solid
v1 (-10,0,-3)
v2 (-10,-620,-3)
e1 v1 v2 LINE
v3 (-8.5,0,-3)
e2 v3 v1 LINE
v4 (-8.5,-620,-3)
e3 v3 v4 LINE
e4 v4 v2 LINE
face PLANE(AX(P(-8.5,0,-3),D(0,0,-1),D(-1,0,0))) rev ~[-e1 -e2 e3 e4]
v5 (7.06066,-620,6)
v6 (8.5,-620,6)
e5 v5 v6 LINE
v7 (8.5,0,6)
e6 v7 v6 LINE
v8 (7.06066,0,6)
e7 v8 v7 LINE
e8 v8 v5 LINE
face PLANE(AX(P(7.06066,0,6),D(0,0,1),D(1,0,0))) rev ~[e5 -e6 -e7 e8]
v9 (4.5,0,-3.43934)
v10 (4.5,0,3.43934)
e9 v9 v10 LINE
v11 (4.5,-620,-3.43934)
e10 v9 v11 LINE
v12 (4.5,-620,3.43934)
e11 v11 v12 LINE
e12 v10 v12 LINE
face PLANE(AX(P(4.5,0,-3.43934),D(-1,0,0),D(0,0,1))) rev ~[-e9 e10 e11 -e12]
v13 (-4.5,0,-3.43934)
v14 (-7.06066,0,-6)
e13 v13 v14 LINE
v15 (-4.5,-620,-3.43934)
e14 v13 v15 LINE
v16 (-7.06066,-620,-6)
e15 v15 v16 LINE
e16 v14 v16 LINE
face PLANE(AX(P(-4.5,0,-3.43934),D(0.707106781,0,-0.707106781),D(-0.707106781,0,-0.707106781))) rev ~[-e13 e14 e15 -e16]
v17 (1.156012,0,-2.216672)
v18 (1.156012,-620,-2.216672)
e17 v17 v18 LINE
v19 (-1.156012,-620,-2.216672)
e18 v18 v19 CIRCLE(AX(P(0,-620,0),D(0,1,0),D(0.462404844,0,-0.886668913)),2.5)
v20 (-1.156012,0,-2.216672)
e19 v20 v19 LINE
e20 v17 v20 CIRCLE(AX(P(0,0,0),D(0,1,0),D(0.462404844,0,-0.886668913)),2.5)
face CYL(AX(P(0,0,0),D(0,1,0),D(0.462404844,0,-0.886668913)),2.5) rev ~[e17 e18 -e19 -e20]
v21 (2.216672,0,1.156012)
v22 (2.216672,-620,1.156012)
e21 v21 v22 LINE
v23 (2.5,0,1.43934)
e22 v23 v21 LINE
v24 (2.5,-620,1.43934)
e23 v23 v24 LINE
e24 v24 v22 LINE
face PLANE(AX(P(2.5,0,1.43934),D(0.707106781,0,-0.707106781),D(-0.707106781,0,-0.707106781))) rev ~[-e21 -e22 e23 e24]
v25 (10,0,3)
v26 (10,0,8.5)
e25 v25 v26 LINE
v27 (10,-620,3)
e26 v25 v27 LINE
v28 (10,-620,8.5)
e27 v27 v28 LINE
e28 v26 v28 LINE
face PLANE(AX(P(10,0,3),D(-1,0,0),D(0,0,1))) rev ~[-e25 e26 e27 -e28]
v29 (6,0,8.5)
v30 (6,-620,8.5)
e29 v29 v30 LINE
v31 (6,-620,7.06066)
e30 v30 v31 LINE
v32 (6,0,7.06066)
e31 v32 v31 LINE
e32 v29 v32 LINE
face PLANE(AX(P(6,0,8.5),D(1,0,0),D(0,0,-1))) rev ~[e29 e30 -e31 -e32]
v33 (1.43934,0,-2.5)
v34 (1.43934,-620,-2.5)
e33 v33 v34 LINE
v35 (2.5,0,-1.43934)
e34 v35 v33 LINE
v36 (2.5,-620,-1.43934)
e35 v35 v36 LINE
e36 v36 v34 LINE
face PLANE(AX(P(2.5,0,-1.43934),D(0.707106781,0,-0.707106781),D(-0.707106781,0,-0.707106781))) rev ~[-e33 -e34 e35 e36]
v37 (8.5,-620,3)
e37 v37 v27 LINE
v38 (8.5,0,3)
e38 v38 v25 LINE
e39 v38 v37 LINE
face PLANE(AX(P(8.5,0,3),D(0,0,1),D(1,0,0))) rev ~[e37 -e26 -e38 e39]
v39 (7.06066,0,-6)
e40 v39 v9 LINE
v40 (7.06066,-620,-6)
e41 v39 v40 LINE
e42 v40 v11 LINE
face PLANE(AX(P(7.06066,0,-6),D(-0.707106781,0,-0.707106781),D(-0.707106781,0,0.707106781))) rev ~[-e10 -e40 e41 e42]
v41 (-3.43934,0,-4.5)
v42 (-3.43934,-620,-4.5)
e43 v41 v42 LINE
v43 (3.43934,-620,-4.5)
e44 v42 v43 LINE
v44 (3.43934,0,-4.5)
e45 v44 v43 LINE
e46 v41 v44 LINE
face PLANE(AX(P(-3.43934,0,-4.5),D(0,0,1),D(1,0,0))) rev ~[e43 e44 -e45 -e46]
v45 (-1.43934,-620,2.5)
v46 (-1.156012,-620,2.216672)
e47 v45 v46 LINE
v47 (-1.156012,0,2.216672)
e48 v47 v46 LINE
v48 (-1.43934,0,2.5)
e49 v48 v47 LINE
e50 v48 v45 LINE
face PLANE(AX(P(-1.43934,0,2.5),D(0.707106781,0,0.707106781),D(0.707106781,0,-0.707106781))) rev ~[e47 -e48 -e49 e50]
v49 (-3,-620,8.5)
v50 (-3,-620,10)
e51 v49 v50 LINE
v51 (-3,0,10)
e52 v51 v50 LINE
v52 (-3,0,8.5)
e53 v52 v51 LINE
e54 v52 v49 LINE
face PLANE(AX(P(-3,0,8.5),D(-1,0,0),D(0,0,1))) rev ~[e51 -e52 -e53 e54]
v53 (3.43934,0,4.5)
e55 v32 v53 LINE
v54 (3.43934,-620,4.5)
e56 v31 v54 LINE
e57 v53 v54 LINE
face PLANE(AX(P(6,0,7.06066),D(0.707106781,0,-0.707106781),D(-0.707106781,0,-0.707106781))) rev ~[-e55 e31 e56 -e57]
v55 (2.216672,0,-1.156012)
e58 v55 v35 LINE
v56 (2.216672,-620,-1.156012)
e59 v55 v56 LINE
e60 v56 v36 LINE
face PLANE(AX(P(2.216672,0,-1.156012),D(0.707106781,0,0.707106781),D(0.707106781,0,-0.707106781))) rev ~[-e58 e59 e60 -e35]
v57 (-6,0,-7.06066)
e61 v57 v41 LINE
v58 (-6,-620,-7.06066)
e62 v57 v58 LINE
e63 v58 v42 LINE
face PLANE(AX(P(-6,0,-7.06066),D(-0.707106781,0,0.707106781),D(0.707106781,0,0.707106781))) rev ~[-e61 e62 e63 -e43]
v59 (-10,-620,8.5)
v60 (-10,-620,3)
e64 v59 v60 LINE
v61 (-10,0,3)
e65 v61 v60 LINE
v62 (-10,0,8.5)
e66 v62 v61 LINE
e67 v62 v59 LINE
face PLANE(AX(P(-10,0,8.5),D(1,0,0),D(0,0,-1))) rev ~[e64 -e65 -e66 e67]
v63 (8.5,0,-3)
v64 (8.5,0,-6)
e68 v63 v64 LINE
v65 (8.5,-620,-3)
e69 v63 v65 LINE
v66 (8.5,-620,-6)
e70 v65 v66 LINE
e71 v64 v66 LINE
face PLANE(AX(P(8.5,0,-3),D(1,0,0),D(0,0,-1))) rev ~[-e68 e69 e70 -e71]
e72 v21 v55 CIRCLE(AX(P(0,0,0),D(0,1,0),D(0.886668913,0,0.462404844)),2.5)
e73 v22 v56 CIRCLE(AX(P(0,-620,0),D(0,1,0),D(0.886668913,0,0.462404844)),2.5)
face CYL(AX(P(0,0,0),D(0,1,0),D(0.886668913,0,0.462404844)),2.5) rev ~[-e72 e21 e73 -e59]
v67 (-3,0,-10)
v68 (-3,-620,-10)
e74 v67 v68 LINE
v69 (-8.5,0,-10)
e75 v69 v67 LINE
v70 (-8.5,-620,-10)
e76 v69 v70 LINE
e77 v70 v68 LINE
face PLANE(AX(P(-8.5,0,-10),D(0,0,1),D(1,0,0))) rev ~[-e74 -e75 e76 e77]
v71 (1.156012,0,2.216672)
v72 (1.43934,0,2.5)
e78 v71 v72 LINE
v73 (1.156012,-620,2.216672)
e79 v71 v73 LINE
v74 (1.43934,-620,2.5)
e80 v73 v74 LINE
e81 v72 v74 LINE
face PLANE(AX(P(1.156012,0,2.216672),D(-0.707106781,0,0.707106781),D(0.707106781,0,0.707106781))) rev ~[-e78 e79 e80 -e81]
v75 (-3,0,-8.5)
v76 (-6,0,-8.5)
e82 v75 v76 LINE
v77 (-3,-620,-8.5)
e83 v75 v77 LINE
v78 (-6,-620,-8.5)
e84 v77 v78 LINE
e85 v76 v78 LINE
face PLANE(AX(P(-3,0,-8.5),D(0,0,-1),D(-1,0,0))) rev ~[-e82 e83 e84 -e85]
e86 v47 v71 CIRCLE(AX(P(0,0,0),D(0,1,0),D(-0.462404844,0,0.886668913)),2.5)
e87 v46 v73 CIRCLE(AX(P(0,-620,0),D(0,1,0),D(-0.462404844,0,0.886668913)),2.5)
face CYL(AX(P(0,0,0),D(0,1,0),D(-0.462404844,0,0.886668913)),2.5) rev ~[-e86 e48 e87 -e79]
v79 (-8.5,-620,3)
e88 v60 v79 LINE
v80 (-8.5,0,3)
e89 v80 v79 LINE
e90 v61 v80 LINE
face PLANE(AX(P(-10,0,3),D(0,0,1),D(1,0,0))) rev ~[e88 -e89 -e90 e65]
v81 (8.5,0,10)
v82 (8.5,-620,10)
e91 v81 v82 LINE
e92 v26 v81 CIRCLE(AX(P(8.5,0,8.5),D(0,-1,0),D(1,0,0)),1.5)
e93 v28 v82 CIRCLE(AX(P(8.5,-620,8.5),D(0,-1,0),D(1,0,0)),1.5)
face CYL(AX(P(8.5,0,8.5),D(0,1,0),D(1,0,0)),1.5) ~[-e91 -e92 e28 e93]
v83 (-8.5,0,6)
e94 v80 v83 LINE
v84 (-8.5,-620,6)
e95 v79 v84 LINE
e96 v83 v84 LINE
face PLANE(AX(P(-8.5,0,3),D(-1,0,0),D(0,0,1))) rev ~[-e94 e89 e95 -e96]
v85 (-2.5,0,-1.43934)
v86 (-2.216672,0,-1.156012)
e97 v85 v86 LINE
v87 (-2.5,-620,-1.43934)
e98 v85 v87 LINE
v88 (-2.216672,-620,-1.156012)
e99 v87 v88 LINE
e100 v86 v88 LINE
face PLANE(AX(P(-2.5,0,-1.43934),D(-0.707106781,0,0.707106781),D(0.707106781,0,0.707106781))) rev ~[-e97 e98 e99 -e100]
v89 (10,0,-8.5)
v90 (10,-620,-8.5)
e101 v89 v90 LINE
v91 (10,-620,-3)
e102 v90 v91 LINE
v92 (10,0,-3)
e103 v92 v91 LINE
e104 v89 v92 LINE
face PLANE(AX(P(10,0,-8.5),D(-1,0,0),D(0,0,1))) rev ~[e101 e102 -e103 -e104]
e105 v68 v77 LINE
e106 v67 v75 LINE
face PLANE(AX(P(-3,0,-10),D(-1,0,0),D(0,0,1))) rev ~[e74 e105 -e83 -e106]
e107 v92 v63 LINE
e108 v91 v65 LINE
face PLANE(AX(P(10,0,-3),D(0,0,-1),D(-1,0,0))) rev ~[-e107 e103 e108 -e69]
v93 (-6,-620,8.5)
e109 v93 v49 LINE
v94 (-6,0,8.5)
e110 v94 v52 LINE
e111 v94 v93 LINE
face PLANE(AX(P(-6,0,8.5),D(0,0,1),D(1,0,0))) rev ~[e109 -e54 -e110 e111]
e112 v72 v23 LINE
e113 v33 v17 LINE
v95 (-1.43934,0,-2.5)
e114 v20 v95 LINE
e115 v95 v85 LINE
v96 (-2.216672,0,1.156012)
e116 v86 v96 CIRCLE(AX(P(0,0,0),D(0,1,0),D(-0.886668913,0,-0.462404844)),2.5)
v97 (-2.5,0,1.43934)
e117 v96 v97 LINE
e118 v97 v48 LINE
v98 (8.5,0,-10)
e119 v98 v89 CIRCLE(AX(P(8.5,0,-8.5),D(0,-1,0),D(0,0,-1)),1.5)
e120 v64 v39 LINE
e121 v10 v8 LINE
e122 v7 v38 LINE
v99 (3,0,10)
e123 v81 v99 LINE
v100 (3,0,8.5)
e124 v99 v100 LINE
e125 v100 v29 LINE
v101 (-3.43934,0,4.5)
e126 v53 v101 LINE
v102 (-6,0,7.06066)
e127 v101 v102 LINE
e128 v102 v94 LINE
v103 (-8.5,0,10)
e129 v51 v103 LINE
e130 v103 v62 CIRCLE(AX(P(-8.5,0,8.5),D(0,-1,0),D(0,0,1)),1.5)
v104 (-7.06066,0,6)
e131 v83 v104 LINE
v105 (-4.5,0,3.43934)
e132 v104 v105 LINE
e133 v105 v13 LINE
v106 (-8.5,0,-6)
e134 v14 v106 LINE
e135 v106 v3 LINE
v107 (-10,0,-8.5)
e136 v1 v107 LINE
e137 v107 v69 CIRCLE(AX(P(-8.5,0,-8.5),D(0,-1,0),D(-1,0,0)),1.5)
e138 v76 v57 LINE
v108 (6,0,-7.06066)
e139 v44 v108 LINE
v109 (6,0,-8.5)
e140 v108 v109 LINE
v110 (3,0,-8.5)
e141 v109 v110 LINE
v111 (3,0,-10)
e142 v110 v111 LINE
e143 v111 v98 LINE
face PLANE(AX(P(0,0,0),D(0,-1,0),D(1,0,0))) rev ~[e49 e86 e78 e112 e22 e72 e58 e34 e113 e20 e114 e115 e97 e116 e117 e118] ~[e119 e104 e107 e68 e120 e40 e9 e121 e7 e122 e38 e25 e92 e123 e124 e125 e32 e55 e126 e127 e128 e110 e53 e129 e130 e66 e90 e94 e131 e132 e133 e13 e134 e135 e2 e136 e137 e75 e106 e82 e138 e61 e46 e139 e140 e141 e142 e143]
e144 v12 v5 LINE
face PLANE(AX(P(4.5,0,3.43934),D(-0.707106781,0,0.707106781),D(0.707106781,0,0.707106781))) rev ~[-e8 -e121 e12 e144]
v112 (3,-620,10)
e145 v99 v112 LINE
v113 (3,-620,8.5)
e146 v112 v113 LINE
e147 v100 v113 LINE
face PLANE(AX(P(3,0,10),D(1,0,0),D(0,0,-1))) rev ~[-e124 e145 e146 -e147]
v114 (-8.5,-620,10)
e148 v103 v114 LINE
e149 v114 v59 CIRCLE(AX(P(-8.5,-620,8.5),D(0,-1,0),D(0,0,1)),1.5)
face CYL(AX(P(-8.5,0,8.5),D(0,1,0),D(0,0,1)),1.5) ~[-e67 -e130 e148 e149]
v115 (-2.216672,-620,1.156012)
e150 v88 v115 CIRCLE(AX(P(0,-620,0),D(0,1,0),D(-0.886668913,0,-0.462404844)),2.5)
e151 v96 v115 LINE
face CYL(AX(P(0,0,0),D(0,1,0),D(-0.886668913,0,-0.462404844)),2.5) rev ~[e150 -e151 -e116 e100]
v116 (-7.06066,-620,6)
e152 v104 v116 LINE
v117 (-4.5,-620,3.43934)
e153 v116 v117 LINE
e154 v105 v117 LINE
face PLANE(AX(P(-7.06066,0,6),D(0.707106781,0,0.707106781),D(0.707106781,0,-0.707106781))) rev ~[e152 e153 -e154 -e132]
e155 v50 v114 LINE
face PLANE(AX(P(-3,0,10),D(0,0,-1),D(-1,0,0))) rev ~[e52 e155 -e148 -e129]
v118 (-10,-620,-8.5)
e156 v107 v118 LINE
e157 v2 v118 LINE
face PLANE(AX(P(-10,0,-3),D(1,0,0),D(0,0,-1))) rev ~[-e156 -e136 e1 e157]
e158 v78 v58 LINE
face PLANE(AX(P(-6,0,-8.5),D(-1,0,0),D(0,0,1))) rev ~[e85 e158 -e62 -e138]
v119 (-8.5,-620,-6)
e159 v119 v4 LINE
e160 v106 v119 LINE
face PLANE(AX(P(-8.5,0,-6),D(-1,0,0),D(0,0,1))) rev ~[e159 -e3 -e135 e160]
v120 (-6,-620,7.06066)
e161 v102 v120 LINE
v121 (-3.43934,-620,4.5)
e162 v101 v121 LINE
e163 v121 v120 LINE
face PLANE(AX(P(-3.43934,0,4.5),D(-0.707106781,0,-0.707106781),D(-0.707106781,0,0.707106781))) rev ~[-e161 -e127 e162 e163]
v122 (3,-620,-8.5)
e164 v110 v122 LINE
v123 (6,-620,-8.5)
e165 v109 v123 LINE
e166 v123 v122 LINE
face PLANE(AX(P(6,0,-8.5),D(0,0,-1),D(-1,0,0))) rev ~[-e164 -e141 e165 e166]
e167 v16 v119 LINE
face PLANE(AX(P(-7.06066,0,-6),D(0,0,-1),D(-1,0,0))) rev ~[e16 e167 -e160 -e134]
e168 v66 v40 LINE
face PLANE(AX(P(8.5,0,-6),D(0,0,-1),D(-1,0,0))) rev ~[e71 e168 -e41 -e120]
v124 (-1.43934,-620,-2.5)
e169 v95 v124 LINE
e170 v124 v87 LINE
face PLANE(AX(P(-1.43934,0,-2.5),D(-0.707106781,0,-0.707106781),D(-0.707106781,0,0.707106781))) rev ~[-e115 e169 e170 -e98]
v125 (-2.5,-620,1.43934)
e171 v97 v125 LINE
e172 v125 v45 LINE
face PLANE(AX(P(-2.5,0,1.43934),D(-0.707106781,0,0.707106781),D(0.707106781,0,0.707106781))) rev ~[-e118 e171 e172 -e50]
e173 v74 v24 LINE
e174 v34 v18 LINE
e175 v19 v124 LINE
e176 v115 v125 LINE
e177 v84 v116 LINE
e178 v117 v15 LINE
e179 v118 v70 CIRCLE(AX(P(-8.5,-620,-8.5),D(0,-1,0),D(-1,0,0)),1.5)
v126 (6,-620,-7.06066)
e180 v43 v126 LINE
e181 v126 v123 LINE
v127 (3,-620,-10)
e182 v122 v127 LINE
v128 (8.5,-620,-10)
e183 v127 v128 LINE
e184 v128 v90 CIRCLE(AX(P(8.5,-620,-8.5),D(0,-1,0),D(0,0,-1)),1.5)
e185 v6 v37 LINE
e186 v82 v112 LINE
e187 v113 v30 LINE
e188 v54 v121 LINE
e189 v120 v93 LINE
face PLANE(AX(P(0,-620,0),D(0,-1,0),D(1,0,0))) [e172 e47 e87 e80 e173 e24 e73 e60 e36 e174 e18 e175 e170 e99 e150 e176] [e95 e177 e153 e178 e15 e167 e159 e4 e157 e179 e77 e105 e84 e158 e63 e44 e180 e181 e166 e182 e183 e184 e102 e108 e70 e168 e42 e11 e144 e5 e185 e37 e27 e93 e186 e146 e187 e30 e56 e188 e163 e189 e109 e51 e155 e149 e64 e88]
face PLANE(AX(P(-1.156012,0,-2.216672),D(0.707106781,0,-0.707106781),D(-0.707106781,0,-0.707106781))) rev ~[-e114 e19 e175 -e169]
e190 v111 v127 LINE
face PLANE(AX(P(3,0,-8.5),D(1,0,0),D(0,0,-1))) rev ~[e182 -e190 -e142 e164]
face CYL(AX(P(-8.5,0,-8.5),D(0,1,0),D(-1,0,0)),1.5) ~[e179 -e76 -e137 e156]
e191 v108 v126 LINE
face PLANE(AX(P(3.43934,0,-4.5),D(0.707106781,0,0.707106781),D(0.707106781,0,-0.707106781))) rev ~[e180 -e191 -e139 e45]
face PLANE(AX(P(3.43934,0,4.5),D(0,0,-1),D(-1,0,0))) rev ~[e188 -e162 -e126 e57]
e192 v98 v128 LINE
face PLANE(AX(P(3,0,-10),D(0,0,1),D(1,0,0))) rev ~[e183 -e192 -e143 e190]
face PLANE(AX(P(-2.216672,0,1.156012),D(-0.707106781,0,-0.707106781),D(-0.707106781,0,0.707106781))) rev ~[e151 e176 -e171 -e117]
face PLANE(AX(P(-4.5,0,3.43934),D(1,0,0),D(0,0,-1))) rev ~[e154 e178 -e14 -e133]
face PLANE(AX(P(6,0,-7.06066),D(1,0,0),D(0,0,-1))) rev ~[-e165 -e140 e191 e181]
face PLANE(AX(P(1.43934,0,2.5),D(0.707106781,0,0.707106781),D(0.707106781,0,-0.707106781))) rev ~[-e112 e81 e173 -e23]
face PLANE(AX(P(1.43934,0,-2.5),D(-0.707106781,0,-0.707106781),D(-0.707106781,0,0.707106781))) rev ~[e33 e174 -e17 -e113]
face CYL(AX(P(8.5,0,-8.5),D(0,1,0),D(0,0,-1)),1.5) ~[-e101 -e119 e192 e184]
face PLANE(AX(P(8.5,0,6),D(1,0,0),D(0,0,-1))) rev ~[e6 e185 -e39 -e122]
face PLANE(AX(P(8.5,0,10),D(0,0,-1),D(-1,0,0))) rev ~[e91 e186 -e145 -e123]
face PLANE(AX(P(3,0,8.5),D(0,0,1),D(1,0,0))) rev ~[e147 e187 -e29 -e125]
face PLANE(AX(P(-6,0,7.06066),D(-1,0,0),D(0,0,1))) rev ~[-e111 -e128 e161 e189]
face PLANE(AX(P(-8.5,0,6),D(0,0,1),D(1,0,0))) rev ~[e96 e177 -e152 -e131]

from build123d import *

# Parameters (mm, degrees)
F1_DEPTH = 620


with BuildPart() as f1:
    # F0 (on Front) → F1 (new body)
    with BuildSketch(Plane.XZ):
        with BuildLine():
            Line((3, -10), (8.5, -10))
            ThreePointArc((8.5, -10), (9.5606601718, -9.5606601718), (10, -8.5))
            Line((10, -8.5), (10, -3))
            Line((10, -3), (8.5, -3))
            Line((8.5, -3), (8.5, -6))
            Line((8.5, -6), (7.0606601718, -6))
            Line((7.0606601718, -6), (4.5, -3.4393398282))
            Line((4.5, -3.4393398282), (4.5, 3.4393398282))
            Line((4.5, 3.4393398282), (7.0606601718, 6))
            Line((7.0606601718, 6), (8.5, 6))
            Line((8.5, 6), (8.5, 3))
            Line((8.5, 3), (10, 3))
            Line((10, 3), (10, 8.5))
            ThreePointArc((10, 8.5), (9.5606601718, 9.5606601718), (8.5, 10))
            Line((8.5, 10), (3, 10))
            Line((3, 10), (3, 8.5))
            Line((3, 8.5), (6, 8.5))
            Line((6, 8.5), (6, 7.0606601718))
            Line((6, 7.0606601718), (3.4393398282, 4.5))
            Line((3.4393398282, 4.5), (-3.4393398282, 4.5))
            Line((-3.4393398282, 4.5), (-6, 7.0606601718))
            Line((-6, 7.0606601718), (-6, 8.5))
            Line((-6, 8.5), (-3, 8.5))
            Line((-3, 8.5), (-3, 10))
            Line((-3, 10), (-8.5, 10))
            ThreePointArc((-8.5, 10), (-9.5606601718, 9.5606601718), (-10, 8.5))
            Line((-10, 8.5), (-10, 3))
            Line((-10, 3), (-8.5, 3))
            Line((-8.5, 3), (-8.5, 6))
            Line((-8.5, 6), (-7.0606601718, 6))
            Line((-7.0606601718, 6), (-4.5, 3.4393398282))
            Line((-4.5, 3.4393398282), (-4.5, -3.4393398282))
            Line((-4.5, -3.4393398282), (-7.0606601718, -6))
            Line((-7.0606601718, -6), (-8.5, -6))
            Line((-8.5, -6), (-8.5, -3))
            Line((-8.5, -3), (-10, -3))
            Line((-10, -3), (-10, -8.5))
            ThreePointArc((-10, -8.5), (-9.5606601718, -9.5606601718), (-8.5, -10))
            Line((-8.5, -10), (-3, -10))
            Line((-3, -10), (-3, -8.5))
            Line((-3, -8.5), (-6, -8.5))
            Line((-6, -8.5), (-6, -7.0606601718))
            Line((-6, -7.0606601718), (-3.4393398282, -4.5))
            Line((-3.4393398282, -4.5), (3.4393398282, -4.5))
            Line((3.4393398282, -4.5), (6, -7.0606601718))
            Line((6, -7.0606601718), (6, -8.5))
            Line((6, -8.5), (3, -8.5))
            Line((3, -8.5), (3, -10))
        make_face()
        with BuildLine():
            ThreePointArc((-1.1560121095, 2.2166722813), (0, 2.5), (1.1560121095, 2.2166722813))
            Line((1.1560121095, 2.2166722813), (1.4393398282, 2.5))
            Line((1.4393398282, 2.5), (2.5, 1.4393398282))
            Line((2.5, 1.4393398282), (2.2166722813, 1.1560121095))
            ThreePointArc((2.2166722813, 1.1560121095), (2.5, 0), (2.2166722813, -1.1560121095))
            Line((2.2166722813, -1.1560121095), (2.5, -1.4393398282))
            Line((2.5, -1.4393398282), (1.4393398282, -2.5))
            Line((1.4393398282, -2.5), (1.1560121095, -2.2166722813))
            ThreePointArc((1.1560121095, -2.2166722813), (0, -2.5), (-1.1560121095, -2.2166722813))
            Line((-1.1560121095, -2.2166722813), (-1.4393398282, -2.5))
            Line((-1.4393398282, -2.5), (-2.5, -1.4393398282))
            Line((-2.5, -1.4393398282), (-2.2166722813, -1.1560121095))
            ThreePointArc((-2.2166722813, -1.1560121095), (-2.5, 0), (-2.2166722813, 1.1560121095))
            Line((-2.2166722813, 1.1560121095), (-2.5, 1.4393398282))
            Line((-2.5, 1.4393398282), (-1.4393398282, 2.5))
            Line((-1.4393398282, 2.5), (-1.1560121095, 2.2166722813))
        make_face(mode=Mode.SUBTRACT)
    extrude(amount=F1_DEPTH)


solid = f1.part
